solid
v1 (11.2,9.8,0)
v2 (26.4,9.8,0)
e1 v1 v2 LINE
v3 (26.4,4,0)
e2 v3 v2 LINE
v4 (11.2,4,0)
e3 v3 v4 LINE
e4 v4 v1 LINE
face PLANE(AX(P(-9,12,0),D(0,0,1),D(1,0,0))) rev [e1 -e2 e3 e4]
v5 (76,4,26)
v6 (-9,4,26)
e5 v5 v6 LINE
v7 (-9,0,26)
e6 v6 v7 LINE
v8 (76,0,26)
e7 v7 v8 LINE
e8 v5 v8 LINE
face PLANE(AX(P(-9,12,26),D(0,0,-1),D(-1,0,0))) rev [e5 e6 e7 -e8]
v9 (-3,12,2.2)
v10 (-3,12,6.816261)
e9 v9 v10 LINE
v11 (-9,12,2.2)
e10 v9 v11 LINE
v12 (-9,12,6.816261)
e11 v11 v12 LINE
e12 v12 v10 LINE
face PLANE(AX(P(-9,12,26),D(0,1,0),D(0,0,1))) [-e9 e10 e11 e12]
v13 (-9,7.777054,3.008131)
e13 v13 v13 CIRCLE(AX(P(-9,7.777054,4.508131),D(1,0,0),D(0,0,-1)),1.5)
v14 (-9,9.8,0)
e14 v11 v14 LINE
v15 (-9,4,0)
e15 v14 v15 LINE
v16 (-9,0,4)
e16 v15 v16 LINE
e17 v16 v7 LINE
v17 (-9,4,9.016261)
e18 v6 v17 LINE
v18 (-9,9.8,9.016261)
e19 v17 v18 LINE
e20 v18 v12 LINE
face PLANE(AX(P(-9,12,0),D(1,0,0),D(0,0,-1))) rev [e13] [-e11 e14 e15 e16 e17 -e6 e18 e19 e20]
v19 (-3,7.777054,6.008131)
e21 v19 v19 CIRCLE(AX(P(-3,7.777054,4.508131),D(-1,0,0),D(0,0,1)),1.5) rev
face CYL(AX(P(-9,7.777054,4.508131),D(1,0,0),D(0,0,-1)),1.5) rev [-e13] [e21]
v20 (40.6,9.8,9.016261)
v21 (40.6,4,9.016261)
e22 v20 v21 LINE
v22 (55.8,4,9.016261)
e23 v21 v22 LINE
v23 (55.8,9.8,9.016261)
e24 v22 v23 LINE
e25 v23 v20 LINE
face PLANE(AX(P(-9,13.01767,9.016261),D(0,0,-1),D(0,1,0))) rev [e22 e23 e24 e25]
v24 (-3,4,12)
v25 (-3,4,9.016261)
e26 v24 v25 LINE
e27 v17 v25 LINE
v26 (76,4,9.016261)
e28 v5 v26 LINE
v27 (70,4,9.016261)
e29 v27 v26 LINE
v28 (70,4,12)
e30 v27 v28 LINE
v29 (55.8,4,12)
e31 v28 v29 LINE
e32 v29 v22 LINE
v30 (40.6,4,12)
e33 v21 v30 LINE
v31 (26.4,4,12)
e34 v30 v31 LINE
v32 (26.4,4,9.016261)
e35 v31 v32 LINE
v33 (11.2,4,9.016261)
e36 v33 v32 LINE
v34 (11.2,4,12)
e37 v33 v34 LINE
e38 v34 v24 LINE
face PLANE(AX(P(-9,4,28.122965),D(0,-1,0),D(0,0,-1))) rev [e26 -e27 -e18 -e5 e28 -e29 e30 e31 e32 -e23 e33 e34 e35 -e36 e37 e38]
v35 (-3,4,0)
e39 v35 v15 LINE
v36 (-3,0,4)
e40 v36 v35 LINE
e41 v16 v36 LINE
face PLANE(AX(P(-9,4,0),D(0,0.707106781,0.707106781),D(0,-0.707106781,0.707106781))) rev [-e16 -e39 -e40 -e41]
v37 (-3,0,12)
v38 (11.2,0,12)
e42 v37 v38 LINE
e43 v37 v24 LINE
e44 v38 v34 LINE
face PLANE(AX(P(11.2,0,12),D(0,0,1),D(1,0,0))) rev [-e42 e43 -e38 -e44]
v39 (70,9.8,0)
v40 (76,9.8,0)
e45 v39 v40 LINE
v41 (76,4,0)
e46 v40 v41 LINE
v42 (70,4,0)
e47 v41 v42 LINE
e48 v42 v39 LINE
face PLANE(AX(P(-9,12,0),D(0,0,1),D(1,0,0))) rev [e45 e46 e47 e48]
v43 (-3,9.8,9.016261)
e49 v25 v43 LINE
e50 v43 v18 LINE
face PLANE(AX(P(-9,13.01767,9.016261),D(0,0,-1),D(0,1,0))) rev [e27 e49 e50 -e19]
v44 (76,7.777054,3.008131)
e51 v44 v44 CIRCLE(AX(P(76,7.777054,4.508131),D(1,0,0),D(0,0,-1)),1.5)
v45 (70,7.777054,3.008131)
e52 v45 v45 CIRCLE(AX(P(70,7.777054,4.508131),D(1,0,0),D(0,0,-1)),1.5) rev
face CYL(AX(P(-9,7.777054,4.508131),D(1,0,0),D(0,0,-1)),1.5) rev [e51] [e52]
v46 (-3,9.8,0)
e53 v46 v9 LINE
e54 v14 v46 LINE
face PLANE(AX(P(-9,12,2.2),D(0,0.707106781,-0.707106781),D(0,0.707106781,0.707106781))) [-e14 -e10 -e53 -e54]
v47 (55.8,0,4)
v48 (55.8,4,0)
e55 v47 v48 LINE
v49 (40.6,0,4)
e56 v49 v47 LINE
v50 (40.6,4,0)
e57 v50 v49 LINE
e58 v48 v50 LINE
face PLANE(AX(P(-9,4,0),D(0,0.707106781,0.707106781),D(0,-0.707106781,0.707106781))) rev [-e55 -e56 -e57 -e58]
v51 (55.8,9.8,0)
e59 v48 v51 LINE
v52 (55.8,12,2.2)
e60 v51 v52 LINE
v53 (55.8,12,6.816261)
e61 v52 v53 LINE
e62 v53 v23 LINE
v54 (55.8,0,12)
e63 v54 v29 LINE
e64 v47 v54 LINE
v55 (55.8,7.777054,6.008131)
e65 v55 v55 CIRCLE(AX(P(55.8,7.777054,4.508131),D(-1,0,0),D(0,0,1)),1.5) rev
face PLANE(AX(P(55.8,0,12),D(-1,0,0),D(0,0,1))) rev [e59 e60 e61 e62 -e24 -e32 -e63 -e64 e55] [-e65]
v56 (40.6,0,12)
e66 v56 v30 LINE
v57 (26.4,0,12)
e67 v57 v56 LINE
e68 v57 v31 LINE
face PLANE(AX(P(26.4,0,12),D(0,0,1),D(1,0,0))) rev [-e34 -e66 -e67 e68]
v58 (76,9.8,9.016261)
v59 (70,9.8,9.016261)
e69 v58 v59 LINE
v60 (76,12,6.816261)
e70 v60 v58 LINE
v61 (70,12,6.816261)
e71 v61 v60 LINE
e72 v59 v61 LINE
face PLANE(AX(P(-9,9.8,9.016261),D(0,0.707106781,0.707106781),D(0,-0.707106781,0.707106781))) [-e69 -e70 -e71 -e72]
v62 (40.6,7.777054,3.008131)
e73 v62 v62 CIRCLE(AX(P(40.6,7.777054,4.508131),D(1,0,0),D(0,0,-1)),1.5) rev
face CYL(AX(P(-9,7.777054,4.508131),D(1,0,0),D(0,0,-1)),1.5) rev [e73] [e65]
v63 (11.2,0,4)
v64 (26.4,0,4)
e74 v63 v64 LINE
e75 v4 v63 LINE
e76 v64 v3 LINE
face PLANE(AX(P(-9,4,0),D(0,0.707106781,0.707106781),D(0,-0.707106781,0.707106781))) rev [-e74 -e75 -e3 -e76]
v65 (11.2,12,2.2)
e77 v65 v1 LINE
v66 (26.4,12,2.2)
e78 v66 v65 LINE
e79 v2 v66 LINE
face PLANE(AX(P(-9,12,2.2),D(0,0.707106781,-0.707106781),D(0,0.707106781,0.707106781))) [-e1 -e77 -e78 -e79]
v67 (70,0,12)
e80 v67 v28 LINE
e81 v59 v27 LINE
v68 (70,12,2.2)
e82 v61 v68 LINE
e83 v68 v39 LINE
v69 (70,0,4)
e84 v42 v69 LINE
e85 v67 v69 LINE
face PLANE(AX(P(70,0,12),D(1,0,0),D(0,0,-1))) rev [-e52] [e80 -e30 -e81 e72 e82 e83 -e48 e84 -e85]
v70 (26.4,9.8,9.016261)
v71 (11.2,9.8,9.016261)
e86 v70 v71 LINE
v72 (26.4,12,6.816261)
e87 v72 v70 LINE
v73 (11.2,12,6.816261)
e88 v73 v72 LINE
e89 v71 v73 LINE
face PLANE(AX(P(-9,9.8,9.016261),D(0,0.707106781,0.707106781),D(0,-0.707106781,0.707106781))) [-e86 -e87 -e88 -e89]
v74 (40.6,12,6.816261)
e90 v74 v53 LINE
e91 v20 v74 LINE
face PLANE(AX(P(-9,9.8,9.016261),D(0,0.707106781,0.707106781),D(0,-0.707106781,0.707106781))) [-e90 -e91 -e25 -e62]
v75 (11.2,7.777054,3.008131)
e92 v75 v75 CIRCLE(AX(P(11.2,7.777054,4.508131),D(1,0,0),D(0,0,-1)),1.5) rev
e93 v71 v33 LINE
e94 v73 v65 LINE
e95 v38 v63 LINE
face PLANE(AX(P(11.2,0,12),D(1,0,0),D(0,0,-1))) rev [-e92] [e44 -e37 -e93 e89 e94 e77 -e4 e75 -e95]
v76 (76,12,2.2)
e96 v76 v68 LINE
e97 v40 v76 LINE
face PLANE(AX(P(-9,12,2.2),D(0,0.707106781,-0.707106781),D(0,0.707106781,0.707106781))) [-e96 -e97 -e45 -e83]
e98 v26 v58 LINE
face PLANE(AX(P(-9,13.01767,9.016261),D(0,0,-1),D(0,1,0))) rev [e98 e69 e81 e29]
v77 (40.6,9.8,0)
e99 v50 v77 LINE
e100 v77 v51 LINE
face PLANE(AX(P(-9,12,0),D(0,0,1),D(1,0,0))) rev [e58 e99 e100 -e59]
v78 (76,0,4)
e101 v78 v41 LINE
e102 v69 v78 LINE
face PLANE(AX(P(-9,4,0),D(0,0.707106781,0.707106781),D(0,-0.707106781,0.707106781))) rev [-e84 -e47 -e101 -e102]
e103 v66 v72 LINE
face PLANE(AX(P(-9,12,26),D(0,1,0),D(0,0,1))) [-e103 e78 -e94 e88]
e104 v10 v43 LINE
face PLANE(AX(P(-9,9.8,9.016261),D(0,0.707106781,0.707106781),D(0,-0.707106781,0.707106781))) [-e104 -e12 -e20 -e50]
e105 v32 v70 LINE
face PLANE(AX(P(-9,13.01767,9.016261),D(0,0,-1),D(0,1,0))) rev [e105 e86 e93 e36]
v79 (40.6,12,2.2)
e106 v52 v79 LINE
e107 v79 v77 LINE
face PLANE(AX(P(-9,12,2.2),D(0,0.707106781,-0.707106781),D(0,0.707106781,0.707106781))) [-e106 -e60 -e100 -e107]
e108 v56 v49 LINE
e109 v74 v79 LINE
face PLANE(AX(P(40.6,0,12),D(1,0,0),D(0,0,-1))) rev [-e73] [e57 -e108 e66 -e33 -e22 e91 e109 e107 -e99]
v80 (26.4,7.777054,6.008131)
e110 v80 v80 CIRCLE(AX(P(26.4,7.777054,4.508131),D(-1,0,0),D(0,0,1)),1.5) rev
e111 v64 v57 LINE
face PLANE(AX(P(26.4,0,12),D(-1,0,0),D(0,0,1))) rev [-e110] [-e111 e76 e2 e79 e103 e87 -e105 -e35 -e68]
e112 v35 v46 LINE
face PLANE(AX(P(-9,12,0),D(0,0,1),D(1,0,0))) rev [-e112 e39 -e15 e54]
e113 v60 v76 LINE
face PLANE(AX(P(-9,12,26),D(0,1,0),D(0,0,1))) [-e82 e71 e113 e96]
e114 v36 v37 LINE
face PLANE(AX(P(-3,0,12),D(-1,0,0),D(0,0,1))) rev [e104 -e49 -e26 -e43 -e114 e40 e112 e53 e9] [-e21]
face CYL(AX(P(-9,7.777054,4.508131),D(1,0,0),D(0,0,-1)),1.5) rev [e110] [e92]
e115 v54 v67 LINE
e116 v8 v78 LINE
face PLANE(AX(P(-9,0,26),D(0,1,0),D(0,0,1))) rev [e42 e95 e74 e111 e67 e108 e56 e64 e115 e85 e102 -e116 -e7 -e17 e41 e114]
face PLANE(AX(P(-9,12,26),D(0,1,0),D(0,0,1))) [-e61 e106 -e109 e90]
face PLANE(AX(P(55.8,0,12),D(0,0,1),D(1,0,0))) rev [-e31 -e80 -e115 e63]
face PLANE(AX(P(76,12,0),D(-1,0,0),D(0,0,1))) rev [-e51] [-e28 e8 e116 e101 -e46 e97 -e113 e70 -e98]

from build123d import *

# Parameters (mm, degrees)
SKETCH_1_W          = 85
SKETCH_1_H          = 26
EXTRUDE_1_DEPTH     = 12
SKETCH_2_W          = 19.106704299
SKETCH_2_H          = 9.017669608
CUT_EXTRUDE_1_DEPTH = 90.693923986
CHAMFER_1_SIZE      = 2.2
CHAMFER_2_SIZE      = 4
SKETCH_3_R          = 1.5
CUT_EXTRUDE_2_DEPTH = 90.693923986
SKETCH_4_W          = 14.2
SKETCH_4_H          = 12
CUT_EXTRUDE_3_DEPTH = 82.215762017


with BuildPart() as part:
    # Эскиз1 → Вытянуть1 (new body)
    with BuildSketch(Plane(origin=(0, 0, 0), x_dir=(1, 0, 0), z_dir=(0, 1, 0))):
        with Locations((33.5, -13)):
            Rectangle(SKETCH_1_W, SKETCH_1_H)
    extrude(amount=EXTRUDE_1_DEPTH)

    # Эскиз2 → Вырез-Вытянуть1 (cut, through all)
    with BuildSketch(Plane(origin=(76, 0, 0), x_dir=(0, 0, -1), z_dir=(1, 0, 0))):
        with Locations((-18.569613205, 8.508834804)):
            Rectangle(SKETCH_2_W, SKETCH_2_H)
    extrude(amount=-CUT_EXTRUDE_1_DEPTH, mode=Mode.SUBTRACT)

    # Фаска1
    chamfer_1_edges = [part.edges().sort_by_distance(p)[0] for p in [
        (33.5, 12, 0),
        (33.5, 12, 9.016261055),
    ]]
    chamfer(chamfer_1_edges, length=CHAMFER_1_SIZE)

    # Фаска2
    chamfer_2_edges = [part.edges().sort_by_distance(p)[0] for p in [
        (33.5, 0, 0),
    ]]
    chamfer(chamfer_2_edges, length=CHAMFER_2_SIZE)

    # Эскиз3 → Вырез-Вытянуть2 (cut, through all)
    with BuildSketch(Plane(origin=(76, 0, 0), x_dir=(0, 0, -1), z_dir=(1, 0, 0))):
        with Locations((-4.508130527, 7.777054312)):
            Circle(SKETCH_3_R)
    extrude(amount=-CUT_EXTRUDE_2_DEPTH, mode=Mode.SUBTRACT)

    # Эскиз4 → Вырез-Вытянуть3 (cut, through all)
    with BuildSketch(Plane(origin=(0, 12, 0), x_dir=(1, 0, 0), z_dir=(0, 1, 0))):
        with Locations((4.1, -6)):
            Rectangle(SKETCH_4_W, SKETCH_4_H)
        with Locations((62.9, -6)):
            Rectangle(SKETCH_4_W, SKETCH_4_H)
        with Locations((33.5, -6)):
            Rectangle(SKETCH_4_W, SKETCH_4_H)
    extrude(amount=-CUT_EXTRUDE_3_DEPTH, mode=Mode.SUBTRACT)


solid = part.part
